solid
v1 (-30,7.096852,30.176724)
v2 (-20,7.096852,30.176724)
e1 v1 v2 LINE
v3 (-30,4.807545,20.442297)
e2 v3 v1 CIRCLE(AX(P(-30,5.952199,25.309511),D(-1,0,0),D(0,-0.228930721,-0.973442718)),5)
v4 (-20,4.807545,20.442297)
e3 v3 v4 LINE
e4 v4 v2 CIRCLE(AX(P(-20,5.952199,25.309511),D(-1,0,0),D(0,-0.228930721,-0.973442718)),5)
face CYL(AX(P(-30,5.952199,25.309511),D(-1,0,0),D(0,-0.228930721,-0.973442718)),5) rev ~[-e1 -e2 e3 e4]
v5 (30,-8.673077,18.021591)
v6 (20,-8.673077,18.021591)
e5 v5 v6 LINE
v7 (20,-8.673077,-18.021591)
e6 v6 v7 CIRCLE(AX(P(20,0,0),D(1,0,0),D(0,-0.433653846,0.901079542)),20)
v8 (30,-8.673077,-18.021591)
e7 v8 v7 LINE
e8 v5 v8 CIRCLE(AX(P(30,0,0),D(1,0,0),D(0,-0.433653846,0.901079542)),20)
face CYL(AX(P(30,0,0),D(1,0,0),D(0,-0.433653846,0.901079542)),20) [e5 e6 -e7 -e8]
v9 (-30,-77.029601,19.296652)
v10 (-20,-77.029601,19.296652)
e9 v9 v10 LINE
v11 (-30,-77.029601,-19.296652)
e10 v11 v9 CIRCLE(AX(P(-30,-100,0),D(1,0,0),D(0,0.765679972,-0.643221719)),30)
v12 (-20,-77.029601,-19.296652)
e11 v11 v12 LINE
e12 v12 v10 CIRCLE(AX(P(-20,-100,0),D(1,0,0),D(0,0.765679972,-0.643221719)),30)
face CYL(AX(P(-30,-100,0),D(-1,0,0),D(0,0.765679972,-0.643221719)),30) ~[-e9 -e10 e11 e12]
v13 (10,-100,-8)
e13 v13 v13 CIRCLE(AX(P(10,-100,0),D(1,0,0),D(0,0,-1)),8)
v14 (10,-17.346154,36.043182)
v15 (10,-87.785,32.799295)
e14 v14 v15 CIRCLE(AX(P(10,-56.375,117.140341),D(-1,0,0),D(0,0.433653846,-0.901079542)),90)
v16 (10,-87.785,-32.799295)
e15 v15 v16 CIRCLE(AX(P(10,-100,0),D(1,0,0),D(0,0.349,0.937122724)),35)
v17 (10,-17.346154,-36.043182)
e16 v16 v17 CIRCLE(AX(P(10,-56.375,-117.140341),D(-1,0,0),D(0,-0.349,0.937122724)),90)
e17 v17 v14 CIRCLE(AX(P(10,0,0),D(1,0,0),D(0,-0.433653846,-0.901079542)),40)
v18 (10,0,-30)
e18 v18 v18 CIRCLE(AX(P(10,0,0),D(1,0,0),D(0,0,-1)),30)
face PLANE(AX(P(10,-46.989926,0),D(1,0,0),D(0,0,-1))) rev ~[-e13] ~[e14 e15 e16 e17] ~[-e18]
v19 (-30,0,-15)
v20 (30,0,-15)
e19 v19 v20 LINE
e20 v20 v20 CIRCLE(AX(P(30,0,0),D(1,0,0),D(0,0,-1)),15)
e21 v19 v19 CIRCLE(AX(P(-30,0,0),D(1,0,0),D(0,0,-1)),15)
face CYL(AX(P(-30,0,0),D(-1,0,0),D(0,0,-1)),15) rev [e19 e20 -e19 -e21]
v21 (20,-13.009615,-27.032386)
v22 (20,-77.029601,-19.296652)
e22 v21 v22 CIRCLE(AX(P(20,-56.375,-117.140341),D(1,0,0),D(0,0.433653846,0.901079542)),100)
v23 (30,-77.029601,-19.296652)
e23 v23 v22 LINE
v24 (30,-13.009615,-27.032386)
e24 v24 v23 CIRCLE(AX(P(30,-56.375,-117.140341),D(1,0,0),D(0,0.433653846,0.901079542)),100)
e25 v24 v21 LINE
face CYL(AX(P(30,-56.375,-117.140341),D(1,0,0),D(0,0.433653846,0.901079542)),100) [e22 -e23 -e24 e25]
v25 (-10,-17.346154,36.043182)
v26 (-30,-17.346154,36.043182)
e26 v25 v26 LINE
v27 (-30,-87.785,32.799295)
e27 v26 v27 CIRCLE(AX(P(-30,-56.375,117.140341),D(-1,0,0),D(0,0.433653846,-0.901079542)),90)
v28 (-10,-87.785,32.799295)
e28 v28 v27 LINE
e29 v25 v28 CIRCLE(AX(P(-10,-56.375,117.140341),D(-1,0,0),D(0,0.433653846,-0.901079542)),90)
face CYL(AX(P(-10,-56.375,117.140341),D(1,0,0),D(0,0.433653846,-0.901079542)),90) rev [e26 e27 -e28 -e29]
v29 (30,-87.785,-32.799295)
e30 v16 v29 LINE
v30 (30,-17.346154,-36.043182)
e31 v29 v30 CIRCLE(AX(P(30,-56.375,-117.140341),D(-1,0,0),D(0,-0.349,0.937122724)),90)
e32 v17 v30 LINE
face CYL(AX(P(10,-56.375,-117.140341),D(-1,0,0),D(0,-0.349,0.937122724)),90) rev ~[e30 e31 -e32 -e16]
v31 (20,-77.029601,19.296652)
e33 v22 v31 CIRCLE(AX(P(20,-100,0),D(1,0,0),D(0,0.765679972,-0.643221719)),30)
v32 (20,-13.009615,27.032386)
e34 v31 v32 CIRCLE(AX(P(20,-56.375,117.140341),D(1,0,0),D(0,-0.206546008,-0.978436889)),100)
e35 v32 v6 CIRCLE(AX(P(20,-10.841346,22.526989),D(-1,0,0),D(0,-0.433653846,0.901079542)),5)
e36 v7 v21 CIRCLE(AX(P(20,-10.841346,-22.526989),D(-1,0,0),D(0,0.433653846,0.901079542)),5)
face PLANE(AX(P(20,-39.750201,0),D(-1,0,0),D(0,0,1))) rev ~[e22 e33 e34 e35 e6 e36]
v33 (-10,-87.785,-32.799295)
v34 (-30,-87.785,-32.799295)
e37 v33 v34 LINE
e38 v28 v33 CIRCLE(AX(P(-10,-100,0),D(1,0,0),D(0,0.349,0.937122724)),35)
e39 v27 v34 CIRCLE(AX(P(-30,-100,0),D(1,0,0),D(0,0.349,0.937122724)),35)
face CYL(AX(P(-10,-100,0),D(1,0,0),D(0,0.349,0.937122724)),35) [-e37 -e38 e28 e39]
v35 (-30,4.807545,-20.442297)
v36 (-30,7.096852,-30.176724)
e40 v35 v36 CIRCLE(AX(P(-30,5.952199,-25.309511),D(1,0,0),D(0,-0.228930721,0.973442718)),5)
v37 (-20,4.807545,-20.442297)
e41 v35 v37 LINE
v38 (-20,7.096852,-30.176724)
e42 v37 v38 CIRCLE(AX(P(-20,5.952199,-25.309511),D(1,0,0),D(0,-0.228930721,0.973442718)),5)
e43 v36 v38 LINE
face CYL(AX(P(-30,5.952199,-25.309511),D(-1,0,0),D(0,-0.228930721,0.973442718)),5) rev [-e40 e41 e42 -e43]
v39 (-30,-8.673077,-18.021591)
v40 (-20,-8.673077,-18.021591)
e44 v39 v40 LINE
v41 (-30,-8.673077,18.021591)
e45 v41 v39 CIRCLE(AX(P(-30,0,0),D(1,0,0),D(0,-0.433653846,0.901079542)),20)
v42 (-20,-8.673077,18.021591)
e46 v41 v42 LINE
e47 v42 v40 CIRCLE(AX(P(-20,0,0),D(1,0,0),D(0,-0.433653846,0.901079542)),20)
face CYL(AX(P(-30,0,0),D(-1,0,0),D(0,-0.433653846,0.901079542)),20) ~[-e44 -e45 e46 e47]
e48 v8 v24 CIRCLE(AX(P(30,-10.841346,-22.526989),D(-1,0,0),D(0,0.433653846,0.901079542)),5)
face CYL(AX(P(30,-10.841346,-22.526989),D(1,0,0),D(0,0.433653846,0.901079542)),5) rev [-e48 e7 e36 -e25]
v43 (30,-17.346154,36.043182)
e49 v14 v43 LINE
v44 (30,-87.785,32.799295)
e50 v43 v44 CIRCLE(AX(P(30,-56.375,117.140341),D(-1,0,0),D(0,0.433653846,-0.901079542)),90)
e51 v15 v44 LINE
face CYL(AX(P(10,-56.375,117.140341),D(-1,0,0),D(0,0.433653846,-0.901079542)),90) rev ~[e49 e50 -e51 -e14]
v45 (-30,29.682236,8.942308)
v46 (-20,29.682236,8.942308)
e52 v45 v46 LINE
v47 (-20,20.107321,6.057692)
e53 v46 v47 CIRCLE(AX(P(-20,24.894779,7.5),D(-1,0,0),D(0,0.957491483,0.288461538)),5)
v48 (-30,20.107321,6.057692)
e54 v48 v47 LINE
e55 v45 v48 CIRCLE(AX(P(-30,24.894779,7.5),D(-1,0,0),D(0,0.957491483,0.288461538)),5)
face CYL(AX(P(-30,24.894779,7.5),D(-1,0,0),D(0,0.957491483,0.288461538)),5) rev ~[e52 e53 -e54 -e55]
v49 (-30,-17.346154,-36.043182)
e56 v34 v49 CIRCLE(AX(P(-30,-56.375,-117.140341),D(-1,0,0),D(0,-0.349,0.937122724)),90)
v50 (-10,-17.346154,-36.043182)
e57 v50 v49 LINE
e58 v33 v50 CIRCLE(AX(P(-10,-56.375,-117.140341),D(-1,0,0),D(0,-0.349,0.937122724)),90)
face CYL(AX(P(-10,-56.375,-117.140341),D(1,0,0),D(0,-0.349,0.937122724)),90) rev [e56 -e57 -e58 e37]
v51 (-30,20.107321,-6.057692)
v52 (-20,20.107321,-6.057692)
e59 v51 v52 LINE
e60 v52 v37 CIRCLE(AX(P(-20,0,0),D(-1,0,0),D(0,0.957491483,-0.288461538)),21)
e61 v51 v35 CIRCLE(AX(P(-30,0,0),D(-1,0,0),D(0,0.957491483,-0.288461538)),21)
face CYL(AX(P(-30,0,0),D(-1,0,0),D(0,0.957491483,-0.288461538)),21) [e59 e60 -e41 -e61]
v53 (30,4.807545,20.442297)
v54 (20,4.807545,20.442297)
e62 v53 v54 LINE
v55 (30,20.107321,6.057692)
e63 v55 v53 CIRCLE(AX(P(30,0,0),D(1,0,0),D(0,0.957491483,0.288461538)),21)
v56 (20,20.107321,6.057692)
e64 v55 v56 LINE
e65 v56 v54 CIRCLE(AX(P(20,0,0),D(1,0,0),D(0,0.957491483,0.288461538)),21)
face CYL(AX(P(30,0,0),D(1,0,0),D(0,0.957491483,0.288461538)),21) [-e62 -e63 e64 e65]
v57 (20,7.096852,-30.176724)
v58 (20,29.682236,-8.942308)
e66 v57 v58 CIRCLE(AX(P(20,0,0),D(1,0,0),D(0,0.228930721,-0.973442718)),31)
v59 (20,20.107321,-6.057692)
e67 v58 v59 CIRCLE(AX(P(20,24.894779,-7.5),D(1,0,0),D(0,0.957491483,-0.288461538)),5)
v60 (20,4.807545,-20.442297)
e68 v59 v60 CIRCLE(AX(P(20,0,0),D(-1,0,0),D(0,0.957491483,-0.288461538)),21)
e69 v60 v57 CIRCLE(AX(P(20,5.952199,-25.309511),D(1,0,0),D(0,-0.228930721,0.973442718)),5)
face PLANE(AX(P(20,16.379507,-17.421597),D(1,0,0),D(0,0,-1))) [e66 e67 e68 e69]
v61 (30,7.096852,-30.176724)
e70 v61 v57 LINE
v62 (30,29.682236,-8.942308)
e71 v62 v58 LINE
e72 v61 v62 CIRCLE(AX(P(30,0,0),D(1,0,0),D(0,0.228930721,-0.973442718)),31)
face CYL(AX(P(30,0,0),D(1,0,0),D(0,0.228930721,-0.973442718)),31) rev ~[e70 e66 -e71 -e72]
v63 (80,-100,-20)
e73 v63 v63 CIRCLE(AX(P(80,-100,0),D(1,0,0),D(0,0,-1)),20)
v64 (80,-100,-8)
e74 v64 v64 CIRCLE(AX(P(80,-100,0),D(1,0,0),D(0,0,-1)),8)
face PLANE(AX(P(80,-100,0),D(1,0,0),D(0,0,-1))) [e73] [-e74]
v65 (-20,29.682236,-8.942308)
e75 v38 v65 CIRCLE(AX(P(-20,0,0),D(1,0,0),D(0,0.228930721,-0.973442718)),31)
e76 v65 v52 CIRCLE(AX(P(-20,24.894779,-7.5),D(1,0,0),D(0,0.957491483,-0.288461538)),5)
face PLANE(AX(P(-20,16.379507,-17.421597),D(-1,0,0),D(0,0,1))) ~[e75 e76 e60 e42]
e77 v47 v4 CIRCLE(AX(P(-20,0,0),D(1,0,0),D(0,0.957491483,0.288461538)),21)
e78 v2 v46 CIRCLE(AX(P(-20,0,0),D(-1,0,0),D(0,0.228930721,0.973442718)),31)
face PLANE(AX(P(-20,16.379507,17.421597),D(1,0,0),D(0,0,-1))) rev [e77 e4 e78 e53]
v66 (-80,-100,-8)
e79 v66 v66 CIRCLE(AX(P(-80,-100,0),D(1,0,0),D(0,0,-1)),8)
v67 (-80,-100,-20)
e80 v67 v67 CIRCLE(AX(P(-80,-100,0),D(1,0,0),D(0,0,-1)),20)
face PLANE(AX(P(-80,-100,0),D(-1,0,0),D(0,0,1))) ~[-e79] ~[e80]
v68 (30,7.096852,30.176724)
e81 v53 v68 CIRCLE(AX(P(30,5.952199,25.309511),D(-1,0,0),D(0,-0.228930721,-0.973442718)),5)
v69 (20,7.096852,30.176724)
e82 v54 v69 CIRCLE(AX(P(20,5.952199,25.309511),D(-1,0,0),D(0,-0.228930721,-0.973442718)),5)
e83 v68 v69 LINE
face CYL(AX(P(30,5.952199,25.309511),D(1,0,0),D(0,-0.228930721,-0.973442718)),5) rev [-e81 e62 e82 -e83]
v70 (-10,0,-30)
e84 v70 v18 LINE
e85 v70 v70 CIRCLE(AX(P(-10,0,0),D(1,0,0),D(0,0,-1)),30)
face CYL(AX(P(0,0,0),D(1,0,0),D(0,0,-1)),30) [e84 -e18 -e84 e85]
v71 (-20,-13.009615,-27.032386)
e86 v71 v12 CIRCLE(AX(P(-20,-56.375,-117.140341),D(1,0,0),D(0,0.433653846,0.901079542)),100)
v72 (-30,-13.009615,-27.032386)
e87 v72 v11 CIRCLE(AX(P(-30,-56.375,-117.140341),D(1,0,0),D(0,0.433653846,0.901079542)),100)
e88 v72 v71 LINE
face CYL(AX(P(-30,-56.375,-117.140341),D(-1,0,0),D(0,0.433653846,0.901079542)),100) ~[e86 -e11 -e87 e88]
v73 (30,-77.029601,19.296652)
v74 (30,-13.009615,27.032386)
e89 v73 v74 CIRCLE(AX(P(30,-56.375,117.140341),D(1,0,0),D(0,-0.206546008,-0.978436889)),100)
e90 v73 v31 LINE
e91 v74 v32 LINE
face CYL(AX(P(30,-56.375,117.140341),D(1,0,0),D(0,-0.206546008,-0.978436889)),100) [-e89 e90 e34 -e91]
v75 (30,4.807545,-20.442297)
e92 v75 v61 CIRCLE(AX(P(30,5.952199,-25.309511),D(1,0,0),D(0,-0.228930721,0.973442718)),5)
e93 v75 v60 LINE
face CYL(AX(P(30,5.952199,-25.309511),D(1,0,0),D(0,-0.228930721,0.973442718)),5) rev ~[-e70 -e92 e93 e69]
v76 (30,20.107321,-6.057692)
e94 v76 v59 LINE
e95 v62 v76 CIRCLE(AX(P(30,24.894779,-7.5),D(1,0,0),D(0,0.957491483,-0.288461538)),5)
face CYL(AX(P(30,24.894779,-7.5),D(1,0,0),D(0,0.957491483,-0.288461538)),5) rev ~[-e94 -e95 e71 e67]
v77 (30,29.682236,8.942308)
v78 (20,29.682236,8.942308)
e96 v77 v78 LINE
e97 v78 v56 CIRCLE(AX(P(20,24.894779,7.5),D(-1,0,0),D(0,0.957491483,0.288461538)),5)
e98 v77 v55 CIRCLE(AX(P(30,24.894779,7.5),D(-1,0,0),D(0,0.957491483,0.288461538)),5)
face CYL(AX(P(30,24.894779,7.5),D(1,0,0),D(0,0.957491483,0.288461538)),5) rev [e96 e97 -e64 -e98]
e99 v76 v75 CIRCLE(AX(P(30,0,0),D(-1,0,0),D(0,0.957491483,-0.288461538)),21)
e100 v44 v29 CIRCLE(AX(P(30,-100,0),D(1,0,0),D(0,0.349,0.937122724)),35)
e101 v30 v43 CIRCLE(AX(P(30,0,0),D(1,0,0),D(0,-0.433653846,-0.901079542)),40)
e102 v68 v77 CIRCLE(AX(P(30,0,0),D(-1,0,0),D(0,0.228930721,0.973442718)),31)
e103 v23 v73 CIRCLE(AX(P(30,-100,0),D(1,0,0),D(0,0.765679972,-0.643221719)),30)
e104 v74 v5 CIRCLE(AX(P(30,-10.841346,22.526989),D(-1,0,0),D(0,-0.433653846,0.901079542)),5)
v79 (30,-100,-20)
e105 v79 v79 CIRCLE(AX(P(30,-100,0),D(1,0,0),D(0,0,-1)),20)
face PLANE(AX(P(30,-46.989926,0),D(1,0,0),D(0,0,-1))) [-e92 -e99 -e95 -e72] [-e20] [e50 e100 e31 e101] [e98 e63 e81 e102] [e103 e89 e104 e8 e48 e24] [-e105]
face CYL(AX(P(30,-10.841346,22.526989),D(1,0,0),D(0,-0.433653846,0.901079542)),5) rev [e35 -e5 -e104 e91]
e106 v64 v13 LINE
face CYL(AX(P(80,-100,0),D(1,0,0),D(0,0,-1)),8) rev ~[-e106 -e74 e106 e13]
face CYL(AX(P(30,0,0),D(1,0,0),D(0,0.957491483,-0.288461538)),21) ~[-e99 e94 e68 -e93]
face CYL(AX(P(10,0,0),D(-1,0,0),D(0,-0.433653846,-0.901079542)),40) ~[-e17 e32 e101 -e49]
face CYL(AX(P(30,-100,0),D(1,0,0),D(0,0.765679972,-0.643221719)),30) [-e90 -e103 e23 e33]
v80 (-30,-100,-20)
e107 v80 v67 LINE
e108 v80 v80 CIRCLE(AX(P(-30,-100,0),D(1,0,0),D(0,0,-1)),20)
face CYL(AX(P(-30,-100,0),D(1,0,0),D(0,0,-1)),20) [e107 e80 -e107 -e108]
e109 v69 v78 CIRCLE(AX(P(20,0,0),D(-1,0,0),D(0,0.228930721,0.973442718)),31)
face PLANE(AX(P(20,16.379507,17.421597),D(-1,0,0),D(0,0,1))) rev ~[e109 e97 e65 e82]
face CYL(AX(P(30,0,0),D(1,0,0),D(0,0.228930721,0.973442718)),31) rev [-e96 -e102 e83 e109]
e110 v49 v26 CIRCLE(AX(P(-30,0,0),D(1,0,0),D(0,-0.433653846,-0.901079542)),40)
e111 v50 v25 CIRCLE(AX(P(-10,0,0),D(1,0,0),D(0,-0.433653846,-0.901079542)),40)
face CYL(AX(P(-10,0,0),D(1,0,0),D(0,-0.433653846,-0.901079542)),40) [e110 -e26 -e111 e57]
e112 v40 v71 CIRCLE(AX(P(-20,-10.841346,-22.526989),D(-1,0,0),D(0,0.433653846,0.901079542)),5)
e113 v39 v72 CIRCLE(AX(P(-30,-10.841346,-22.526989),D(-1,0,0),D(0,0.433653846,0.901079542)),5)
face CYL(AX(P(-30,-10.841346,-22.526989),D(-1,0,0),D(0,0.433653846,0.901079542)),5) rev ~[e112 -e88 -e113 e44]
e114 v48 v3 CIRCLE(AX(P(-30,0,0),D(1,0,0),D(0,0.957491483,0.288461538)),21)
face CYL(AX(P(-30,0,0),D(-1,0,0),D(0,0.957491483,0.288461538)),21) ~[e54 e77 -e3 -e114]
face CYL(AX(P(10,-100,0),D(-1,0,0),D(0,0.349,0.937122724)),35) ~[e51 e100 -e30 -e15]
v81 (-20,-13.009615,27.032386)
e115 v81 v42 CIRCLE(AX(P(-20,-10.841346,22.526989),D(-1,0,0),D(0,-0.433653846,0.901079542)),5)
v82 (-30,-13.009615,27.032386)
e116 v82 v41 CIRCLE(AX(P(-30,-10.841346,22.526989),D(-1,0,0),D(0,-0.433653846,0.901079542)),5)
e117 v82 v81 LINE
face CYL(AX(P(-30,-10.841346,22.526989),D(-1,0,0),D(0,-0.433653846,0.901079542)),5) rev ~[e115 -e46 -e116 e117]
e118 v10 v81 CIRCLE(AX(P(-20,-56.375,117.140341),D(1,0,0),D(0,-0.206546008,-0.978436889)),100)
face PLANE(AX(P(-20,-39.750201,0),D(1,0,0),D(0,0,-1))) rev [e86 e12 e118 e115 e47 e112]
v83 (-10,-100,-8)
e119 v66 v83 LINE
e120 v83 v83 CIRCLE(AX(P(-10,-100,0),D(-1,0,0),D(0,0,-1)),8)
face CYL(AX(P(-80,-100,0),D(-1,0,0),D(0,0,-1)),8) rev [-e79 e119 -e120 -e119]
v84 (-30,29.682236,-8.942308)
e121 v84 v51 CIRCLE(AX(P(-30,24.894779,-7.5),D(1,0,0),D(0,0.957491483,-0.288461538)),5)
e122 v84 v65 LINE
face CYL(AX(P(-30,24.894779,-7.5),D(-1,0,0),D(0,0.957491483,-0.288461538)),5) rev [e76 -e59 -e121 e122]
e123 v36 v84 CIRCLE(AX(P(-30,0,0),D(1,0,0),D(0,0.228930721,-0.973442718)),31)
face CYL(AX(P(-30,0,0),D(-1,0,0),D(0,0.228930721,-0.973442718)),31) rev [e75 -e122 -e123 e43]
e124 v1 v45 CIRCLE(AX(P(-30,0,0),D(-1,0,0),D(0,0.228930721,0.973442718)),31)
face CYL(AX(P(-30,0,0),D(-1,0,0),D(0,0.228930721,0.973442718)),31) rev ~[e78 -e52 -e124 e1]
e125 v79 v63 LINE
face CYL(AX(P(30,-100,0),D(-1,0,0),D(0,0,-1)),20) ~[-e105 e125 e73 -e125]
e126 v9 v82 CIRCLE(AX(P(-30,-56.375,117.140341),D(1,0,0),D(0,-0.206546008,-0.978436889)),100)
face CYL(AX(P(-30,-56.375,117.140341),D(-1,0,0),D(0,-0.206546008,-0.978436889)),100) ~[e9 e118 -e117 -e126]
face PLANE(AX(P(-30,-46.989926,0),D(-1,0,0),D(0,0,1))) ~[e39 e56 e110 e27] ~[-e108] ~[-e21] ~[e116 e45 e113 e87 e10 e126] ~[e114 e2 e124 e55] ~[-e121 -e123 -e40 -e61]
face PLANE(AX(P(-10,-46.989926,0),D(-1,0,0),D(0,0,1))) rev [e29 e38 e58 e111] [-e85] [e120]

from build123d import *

# Parameters (mm, degrees)
SKETCH1_R           = 30
BOSS_EXTRUDE1_DEPTH = 10
BOSS_EXTRUDE2_DEPTH = 20
SKETCH3_R           = 20
BOSS_EXTRUDE3_DEPTH = 50
CUT_EXTRUDE1_DEPTH  = 10
SKETCH5_R           = 15
CUT_EXTRUDE2_DEPTH  = 41
SKETCH6_R           = 8
CUT_EXTRUDE3_DEPTH  = 91


with BuildPart() as part:
    # Sketch1 → Boss-Extrude1 (new body, symmetric)
    with BuildSketch(Plane(origin=(0, 0, 0), x_dir=(0, 0, -1), z_dir=(1, 0, 0))):
        Circle(SKETCH1_R)
    extrude(amount=BOSS_EXTRUDE1_DEPTH, both=True)

    # Sketch2 → Boss-Extrude2 (add)
    with BuildSketch(Plane(origin=(10, 0, 0), x_dir=(0, 0, -1), z_dir=(1, 0, 0))):
        with BuildLine():
            ThreePointArc((36.043181696, -17.346153846), (0, 40), (-36.043181696, -17.346153846))
            ThreePointArc((-36.043181696, -17.346153846), (-27.235626529, -52.234661385), (-32.799295343, -87.785))
            ThreePointArc((-32.799295343, -87.785), (0, -135), (32.799295343, -87.785))
            ThreePointArc((32.799295343, -87.785), (27.235626529, -52.234661385), (36.043181696, -17.346153846))
        make_face()
    boss_extrude2 = extrude(amount=BOSS_EXTRUDE2_DEPTH)

    # Sketch3 → Boss-Extrude3 (add)
    with BuildSketch(Plane(origin=(30, 0, 0), x_dir=(0, 0, -1), z_dir=(1, 0, 0))):
        with Locations((0, -100)):
            Circle(SKETCH3_R)
    boss_extrude3 = extrude(amount=BOSS_EXTRUDE3_DEPTH)

    # Sketch4 → Cut-Extrude1 (cut)
    with BuildSketch(Plane(origin=(30, 0, 0), x_dir=(0, 0, -1), z_dir=(1, 0, 0))):
        with BuildLine():
            ThreePointArc((30.176724251, 7.096852363), (22.585383623, 21.234416559), (8.942307692, 29.682235986))
            ThreePointArc((8.942307692, 29.682235986), (2.712542583, 26.337086261), (6.057692308, 20.107321152))
            ThreePointArc((6.057692308, 20.107321152), (15.299776003, 14.384604766), (20.442297073, 4.807545149))
            ThreePointArc((20.442297073, 4.807545149), (26.454164269, 1.084985167), (30.176724251, 7.096852363))
        make_face()
        with BuildLine():
            ThreePointArc((-30.176724251, 7.096852363), (-22.585383623, 21.234416559), (-8.942307692, 29.682235986))
            ThreePointArc((-8.942307692, 29.682235986), (-2.712542583, 26.337086261), (-6.057692308, 20.107321152))
            ThreePointArc((-6.057692308, 20.107321152), (-15.299776003, 14.384604766), (-20.442297073, 4.807545149))
            ThreePointArc((-20.442297073, 4.807545149), (-26.454164269, 1.084985167), (-30.176724251, 7.096852363))
        make_face()
        with BuildLine():
            ThreePointArc((27.032386272, -13.009615385), (17.862474513, -44.37894553), (19.296651575, -77.029600831))
            ThreePointArc((19.296651575, -77.029600831), (0, -70), (-19.296651575, -77.029600831))
            ThreePointArc((-19.296651575, -77.029600831), (-17.862474513, -44.37894553), (-27.032386272, -13.009615385))
            ThreePointArc((-27.032386272, -13.009615385), (-24.695257791, -6.335948442), (-18.021590848, -8.673076923))
            ThreePointArc((-18.021590848, -8.673076923), (0, -20), (18.021590848, -8.673076923))
            ThreePointArc((18.021590848, -8.673076923), (24.695257791, -6.335948442), (27.032386272, -13.009615385))
        make_face()
    cut_extrude1 = extrude(amount=-CUT_EXTRUDE1_DEPTH, mode=Mode.SUBTRACT)

    # Sketch5 → Cut-Extrude2 (cut, through all)
    with BuildSketch(Plane(origin=(30, 0, 0), x_dir=(0, 0, -1), z_dir=(1, 0, 0))):
        Circle(SKETCH5_R)
    cut_extrude2 = extrude(amount=-CUT_EXTRUDE2_DEPTH, mode=Mode.SUBTRACT)

    # Sketch6 → Cut-Extrude3 (cut, through all)
    with BuildSketch(Plane(origin=(80, 0, 0), x_dir=(0, 0, -1), z_dir=(1, 0, 0))):
        with Locations((0, -100)):
            Circle(SKETCH6_R)
    cut_extrude3 = extrude(amount=-CUT_EXTRUDE3_DEPTH, mode=Mode.SUBTRACT)

    # Mirror1: Boss-Extrude2, Boss-Extrude3, Cut-Extrude1, Cut-Extrude2, Cut-Extrude3 across plane
    add(boss_extrude2.mirror(Plane(origin=(0, 0, 0), x_dir=(0, 0, 1), z_dir=(1, 0, 0))))
    add(boss_extrude3.mirror(Plane(origin=(0, 0, 0), x_dir=(0, 0, 1), z_dir=(1, 0, 0))))
    add(cut_extrude1.mirror(Plane(origin=(0, 0, 0), x_dir=(0, 0, 1), z_dir=(1, 0, 0))), mode=Mode.SUBTRACT)
    add(cut_extrude2.mirror(Plane(origin=(0, 0, 0), x_dir=(0, 0, 1), z_dir=(1, 0, 0))), mode=Mode.SUBTRACT)
    add(cut_extrude3.mirror(Plane(origin=(0, 0, 0), x_dir=(0, 0, 1), z_dir=(1, 0, 0))), mode=Mode.SUBTRACT)


solid = part.part
